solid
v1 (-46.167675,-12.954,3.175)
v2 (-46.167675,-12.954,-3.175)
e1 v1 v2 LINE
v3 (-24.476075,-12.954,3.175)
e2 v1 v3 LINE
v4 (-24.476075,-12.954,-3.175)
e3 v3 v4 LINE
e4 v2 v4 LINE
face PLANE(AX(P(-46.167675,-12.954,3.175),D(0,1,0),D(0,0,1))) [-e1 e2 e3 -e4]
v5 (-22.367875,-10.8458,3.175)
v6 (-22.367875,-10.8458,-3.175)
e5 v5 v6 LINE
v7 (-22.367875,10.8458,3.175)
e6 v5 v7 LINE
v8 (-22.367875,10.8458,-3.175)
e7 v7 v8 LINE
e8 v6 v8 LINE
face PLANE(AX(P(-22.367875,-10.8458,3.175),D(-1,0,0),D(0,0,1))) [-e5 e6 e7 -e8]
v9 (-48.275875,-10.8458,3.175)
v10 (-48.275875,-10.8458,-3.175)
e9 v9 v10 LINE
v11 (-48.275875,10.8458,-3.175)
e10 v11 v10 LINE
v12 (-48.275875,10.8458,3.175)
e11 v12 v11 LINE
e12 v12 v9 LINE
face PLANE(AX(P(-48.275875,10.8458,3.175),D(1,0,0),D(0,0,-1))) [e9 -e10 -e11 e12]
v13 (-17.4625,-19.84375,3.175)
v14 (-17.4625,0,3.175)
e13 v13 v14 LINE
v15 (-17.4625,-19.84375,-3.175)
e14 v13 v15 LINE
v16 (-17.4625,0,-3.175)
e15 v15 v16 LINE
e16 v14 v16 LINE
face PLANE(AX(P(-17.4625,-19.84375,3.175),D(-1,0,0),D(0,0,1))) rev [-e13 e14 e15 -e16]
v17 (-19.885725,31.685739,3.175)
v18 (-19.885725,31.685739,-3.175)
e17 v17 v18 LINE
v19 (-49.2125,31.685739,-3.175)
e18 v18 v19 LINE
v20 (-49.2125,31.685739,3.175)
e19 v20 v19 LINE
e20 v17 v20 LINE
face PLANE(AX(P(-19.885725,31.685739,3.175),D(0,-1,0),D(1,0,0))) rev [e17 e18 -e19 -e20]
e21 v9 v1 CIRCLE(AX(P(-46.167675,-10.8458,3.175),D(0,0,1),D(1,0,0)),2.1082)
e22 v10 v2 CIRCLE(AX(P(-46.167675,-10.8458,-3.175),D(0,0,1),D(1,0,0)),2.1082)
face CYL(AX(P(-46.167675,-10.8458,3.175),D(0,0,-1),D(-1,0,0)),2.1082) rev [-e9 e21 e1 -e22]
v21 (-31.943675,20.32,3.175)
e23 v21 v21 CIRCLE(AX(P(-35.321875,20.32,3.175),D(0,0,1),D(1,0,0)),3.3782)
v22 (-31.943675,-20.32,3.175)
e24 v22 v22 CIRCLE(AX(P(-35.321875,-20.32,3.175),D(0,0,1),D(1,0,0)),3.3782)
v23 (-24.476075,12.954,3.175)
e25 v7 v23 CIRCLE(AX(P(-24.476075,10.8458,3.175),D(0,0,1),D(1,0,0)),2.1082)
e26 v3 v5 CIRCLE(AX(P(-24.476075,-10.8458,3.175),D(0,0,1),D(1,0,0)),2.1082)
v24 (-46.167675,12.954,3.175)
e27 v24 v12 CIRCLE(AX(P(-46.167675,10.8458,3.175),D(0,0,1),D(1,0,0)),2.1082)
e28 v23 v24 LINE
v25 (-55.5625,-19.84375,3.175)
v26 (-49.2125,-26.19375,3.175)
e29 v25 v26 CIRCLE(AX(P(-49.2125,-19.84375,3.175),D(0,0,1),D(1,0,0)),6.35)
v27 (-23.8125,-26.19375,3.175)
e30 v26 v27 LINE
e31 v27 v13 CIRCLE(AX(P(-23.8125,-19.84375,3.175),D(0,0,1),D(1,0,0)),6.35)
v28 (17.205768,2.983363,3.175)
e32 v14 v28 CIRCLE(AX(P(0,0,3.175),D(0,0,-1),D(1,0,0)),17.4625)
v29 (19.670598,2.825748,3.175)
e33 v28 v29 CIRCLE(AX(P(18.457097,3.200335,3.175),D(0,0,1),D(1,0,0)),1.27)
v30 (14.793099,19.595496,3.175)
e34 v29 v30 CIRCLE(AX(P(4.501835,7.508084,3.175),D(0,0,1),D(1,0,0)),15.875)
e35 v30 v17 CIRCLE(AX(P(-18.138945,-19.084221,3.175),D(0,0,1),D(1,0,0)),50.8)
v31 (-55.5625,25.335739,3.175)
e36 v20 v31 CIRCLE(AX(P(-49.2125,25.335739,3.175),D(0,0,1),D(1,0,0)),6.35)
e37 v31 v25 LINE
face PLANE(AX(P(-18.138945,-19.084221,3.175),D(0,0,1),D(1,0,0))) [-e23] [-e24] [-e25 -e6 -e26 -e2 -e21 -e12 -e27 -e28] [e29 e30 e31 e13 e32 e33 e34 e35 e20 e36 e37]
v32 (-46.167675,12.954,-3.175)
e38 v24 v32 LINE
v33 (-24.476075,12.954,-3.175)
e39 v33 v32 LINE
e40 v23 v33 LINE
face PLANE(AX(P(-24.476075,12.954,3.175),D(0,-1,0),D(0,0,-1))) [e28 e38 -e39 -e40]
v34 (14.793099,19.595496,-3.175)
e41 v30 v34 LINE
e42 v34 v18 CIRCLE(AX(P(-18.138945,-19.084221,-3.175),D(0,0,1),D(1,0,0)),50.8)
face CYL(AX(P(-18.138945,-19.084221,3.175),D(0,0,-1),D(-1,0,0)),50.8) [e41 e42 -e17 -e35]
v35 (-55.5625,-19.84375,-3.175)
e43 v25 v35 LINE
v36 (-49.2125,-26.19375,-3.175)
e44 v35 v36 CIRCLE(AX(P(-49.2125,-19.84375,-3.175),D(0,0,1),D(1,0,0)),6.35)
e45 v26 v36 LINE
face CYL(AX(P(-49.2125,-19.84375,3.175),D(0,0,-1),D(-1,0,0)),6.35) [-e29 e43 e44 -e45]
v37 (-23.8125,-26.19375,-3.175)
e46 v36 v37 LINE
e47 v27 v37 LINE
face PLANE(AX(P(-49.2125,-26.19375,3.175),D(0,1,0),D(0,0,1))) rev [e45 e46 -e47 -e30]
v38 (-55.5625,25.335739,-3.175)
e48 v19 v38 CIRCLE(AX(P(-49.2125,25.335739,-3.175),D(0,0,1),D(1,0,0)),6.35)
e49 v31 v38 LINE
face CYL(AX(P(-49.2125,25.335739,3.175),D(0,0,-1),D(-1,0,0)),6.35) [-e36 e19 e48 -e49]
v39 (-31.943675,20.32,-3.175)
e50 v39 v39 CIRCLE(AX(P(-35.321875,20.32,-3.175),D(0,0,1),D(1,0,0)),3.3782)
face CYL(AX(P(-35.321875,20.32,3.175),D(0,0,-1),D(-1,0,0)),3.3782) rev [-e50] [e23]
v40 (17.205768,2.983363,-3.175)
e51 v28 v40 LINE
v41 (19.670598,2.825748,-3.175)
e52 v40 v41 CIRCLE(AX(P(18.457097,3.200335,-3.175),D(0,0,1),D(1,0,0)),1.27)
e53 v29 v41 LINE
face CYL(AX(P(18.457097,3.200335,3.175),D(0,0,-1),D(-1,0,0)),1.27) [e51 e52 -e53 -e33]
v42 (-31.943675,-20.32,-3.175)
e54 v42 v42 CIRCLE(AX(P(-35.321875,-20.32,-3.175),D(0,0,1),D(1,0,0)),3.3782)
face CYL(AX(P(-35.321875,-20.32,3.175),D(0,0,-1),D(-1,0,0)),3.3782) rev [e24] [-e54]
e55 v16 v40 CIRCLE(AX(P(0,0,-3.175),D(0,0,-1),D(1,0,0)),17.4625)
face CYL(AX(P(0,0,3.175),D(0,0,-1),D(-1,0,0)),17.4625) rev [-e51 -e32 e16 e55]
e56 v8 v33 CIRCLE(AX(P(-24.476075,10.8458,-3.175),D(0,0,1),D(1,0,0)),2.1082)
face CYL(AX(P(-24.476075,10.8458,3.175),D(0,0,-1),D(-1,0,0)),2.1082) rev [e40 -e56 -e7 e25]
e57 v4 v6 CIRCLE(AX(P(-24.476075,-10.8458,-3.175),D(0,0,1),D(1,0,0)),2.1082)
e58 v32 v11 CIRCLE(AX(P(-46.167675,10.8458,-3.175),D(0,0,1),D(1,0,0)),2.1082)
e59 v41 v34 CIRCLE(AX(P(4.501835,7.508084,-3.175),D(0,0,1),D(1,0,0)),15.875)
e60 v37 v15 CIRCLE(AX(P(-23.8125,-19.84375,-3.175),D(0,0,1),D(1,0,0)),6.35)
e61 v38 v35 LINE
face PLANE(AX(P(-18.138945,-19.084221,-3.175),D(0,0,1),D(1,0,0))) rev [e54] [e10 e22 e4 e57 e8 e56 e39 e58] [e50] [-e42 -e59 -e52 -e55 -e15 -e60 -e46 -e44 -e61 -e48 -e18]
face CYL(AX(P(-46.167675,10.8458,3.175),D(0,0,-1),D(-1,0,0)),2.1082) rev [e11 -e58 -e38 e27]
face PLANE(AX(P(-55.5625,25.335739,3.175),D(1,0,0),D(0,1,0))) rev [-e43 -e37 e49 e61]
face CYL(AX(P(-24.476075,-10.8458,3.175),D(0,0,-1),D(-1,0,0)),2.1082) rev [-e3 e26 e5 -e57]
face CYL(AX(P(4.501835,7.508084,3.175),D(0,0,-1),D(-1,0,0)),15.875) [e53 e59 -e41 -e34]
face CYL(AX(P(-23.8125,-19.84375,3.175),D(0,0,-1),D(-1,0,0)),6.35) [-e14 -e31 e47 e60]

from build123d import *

# Parameters (mm, degrees)
SKETCH1_R           = 3.3782
BOSS_EXTRUDE1_DEPTH = 3.175


with BuildPart() as part:
    # Sketch1 → Boss-Extrude1 (new body, symmetric)
    with BuildSketch(Plane.XY):
        with BuildLine():
            Line((-19.885725358, 31.685738515), (-49.2125, 31.685738515))
            ThreePointArc((-49.2125, 31.685738515), (-53.702628061, 29.825866575), (-55.5625, 25.335738515))
            Line((-55.5625, 25.335738515), (-55.5625, -19.84375))
            ThreePointArc((-55.5625, -19.84375), (-53.702628061, -24.333878061), (-49.2125, -26.19375))
            Line((-49.2125, -26.19375), (-23.8125, -26.19375))
            ThreePointArc((-23.8125, -26.19375), (-19.322371939, -24.333878061), (-17.4625, -19.84375))
            Line((-17.4625, -19.84375), (-17.4625, 0))
            ThreePointArc((-17.4625, 0), (-1.497194511, 17.398198609), (17.205767985, 2.983362915))
            ThreePointArc((17.205767985, 2.983362915), (18.376051148, 1.93292337), (19.670597549, 2.825747839))
            ThreePointArc((19.670597549, 2.825747839), (19.745172941, 11.941624881), (14.793099056, 19.595495794))
            ThreePointArc((14.793099056, 19.595495794), (-1.415498584, 28.884168232), (-19.885725358, 31.685738515))
        make_face()
        with Locations((-35.321875, -20.32)):
            Circle(SKETCH1_R, mode=Mode.SUBTRACT)
        with Locations((-35.321875, 20.32)):
            Circle(SKETCH1_R, mode=Mode.SUBTRACT)
        with BuildLine():
            Line((-48.275875, 10.8458), (-48.275875, -10.8458))
            ThreePointArc((-48.275875, -10.8458), (-47.658397516, -12.336522516), (-46.167675, -12.954))
            Line((-46.167675, -12.954), (-24.476075, -12.954))
            ThreePointArc((-24.476075, -12.954), (-22.985352484, -12.336522516), (-22.367875, -10.8458))
            Line((-22.367875, -10.8458), (-22.367875, 10.8458))
            ThreePointArc((-22.367875, 10.8458), (-22.985352484, 12.336522516), (-24.476075, 12.954))
            Line((-24.476075, 12.954), (-46.167675, 12.954))
            ThreePointArc((-46.167675, 12.954), (-47.658397516, 12.336522516), (-48.275875, 10.8458))
        make_face(mode=Mode.SUBTRACT)
    extrude(amount=BOSS_EXTRUDE1_DEPTH, both=True)


solid = part.part
